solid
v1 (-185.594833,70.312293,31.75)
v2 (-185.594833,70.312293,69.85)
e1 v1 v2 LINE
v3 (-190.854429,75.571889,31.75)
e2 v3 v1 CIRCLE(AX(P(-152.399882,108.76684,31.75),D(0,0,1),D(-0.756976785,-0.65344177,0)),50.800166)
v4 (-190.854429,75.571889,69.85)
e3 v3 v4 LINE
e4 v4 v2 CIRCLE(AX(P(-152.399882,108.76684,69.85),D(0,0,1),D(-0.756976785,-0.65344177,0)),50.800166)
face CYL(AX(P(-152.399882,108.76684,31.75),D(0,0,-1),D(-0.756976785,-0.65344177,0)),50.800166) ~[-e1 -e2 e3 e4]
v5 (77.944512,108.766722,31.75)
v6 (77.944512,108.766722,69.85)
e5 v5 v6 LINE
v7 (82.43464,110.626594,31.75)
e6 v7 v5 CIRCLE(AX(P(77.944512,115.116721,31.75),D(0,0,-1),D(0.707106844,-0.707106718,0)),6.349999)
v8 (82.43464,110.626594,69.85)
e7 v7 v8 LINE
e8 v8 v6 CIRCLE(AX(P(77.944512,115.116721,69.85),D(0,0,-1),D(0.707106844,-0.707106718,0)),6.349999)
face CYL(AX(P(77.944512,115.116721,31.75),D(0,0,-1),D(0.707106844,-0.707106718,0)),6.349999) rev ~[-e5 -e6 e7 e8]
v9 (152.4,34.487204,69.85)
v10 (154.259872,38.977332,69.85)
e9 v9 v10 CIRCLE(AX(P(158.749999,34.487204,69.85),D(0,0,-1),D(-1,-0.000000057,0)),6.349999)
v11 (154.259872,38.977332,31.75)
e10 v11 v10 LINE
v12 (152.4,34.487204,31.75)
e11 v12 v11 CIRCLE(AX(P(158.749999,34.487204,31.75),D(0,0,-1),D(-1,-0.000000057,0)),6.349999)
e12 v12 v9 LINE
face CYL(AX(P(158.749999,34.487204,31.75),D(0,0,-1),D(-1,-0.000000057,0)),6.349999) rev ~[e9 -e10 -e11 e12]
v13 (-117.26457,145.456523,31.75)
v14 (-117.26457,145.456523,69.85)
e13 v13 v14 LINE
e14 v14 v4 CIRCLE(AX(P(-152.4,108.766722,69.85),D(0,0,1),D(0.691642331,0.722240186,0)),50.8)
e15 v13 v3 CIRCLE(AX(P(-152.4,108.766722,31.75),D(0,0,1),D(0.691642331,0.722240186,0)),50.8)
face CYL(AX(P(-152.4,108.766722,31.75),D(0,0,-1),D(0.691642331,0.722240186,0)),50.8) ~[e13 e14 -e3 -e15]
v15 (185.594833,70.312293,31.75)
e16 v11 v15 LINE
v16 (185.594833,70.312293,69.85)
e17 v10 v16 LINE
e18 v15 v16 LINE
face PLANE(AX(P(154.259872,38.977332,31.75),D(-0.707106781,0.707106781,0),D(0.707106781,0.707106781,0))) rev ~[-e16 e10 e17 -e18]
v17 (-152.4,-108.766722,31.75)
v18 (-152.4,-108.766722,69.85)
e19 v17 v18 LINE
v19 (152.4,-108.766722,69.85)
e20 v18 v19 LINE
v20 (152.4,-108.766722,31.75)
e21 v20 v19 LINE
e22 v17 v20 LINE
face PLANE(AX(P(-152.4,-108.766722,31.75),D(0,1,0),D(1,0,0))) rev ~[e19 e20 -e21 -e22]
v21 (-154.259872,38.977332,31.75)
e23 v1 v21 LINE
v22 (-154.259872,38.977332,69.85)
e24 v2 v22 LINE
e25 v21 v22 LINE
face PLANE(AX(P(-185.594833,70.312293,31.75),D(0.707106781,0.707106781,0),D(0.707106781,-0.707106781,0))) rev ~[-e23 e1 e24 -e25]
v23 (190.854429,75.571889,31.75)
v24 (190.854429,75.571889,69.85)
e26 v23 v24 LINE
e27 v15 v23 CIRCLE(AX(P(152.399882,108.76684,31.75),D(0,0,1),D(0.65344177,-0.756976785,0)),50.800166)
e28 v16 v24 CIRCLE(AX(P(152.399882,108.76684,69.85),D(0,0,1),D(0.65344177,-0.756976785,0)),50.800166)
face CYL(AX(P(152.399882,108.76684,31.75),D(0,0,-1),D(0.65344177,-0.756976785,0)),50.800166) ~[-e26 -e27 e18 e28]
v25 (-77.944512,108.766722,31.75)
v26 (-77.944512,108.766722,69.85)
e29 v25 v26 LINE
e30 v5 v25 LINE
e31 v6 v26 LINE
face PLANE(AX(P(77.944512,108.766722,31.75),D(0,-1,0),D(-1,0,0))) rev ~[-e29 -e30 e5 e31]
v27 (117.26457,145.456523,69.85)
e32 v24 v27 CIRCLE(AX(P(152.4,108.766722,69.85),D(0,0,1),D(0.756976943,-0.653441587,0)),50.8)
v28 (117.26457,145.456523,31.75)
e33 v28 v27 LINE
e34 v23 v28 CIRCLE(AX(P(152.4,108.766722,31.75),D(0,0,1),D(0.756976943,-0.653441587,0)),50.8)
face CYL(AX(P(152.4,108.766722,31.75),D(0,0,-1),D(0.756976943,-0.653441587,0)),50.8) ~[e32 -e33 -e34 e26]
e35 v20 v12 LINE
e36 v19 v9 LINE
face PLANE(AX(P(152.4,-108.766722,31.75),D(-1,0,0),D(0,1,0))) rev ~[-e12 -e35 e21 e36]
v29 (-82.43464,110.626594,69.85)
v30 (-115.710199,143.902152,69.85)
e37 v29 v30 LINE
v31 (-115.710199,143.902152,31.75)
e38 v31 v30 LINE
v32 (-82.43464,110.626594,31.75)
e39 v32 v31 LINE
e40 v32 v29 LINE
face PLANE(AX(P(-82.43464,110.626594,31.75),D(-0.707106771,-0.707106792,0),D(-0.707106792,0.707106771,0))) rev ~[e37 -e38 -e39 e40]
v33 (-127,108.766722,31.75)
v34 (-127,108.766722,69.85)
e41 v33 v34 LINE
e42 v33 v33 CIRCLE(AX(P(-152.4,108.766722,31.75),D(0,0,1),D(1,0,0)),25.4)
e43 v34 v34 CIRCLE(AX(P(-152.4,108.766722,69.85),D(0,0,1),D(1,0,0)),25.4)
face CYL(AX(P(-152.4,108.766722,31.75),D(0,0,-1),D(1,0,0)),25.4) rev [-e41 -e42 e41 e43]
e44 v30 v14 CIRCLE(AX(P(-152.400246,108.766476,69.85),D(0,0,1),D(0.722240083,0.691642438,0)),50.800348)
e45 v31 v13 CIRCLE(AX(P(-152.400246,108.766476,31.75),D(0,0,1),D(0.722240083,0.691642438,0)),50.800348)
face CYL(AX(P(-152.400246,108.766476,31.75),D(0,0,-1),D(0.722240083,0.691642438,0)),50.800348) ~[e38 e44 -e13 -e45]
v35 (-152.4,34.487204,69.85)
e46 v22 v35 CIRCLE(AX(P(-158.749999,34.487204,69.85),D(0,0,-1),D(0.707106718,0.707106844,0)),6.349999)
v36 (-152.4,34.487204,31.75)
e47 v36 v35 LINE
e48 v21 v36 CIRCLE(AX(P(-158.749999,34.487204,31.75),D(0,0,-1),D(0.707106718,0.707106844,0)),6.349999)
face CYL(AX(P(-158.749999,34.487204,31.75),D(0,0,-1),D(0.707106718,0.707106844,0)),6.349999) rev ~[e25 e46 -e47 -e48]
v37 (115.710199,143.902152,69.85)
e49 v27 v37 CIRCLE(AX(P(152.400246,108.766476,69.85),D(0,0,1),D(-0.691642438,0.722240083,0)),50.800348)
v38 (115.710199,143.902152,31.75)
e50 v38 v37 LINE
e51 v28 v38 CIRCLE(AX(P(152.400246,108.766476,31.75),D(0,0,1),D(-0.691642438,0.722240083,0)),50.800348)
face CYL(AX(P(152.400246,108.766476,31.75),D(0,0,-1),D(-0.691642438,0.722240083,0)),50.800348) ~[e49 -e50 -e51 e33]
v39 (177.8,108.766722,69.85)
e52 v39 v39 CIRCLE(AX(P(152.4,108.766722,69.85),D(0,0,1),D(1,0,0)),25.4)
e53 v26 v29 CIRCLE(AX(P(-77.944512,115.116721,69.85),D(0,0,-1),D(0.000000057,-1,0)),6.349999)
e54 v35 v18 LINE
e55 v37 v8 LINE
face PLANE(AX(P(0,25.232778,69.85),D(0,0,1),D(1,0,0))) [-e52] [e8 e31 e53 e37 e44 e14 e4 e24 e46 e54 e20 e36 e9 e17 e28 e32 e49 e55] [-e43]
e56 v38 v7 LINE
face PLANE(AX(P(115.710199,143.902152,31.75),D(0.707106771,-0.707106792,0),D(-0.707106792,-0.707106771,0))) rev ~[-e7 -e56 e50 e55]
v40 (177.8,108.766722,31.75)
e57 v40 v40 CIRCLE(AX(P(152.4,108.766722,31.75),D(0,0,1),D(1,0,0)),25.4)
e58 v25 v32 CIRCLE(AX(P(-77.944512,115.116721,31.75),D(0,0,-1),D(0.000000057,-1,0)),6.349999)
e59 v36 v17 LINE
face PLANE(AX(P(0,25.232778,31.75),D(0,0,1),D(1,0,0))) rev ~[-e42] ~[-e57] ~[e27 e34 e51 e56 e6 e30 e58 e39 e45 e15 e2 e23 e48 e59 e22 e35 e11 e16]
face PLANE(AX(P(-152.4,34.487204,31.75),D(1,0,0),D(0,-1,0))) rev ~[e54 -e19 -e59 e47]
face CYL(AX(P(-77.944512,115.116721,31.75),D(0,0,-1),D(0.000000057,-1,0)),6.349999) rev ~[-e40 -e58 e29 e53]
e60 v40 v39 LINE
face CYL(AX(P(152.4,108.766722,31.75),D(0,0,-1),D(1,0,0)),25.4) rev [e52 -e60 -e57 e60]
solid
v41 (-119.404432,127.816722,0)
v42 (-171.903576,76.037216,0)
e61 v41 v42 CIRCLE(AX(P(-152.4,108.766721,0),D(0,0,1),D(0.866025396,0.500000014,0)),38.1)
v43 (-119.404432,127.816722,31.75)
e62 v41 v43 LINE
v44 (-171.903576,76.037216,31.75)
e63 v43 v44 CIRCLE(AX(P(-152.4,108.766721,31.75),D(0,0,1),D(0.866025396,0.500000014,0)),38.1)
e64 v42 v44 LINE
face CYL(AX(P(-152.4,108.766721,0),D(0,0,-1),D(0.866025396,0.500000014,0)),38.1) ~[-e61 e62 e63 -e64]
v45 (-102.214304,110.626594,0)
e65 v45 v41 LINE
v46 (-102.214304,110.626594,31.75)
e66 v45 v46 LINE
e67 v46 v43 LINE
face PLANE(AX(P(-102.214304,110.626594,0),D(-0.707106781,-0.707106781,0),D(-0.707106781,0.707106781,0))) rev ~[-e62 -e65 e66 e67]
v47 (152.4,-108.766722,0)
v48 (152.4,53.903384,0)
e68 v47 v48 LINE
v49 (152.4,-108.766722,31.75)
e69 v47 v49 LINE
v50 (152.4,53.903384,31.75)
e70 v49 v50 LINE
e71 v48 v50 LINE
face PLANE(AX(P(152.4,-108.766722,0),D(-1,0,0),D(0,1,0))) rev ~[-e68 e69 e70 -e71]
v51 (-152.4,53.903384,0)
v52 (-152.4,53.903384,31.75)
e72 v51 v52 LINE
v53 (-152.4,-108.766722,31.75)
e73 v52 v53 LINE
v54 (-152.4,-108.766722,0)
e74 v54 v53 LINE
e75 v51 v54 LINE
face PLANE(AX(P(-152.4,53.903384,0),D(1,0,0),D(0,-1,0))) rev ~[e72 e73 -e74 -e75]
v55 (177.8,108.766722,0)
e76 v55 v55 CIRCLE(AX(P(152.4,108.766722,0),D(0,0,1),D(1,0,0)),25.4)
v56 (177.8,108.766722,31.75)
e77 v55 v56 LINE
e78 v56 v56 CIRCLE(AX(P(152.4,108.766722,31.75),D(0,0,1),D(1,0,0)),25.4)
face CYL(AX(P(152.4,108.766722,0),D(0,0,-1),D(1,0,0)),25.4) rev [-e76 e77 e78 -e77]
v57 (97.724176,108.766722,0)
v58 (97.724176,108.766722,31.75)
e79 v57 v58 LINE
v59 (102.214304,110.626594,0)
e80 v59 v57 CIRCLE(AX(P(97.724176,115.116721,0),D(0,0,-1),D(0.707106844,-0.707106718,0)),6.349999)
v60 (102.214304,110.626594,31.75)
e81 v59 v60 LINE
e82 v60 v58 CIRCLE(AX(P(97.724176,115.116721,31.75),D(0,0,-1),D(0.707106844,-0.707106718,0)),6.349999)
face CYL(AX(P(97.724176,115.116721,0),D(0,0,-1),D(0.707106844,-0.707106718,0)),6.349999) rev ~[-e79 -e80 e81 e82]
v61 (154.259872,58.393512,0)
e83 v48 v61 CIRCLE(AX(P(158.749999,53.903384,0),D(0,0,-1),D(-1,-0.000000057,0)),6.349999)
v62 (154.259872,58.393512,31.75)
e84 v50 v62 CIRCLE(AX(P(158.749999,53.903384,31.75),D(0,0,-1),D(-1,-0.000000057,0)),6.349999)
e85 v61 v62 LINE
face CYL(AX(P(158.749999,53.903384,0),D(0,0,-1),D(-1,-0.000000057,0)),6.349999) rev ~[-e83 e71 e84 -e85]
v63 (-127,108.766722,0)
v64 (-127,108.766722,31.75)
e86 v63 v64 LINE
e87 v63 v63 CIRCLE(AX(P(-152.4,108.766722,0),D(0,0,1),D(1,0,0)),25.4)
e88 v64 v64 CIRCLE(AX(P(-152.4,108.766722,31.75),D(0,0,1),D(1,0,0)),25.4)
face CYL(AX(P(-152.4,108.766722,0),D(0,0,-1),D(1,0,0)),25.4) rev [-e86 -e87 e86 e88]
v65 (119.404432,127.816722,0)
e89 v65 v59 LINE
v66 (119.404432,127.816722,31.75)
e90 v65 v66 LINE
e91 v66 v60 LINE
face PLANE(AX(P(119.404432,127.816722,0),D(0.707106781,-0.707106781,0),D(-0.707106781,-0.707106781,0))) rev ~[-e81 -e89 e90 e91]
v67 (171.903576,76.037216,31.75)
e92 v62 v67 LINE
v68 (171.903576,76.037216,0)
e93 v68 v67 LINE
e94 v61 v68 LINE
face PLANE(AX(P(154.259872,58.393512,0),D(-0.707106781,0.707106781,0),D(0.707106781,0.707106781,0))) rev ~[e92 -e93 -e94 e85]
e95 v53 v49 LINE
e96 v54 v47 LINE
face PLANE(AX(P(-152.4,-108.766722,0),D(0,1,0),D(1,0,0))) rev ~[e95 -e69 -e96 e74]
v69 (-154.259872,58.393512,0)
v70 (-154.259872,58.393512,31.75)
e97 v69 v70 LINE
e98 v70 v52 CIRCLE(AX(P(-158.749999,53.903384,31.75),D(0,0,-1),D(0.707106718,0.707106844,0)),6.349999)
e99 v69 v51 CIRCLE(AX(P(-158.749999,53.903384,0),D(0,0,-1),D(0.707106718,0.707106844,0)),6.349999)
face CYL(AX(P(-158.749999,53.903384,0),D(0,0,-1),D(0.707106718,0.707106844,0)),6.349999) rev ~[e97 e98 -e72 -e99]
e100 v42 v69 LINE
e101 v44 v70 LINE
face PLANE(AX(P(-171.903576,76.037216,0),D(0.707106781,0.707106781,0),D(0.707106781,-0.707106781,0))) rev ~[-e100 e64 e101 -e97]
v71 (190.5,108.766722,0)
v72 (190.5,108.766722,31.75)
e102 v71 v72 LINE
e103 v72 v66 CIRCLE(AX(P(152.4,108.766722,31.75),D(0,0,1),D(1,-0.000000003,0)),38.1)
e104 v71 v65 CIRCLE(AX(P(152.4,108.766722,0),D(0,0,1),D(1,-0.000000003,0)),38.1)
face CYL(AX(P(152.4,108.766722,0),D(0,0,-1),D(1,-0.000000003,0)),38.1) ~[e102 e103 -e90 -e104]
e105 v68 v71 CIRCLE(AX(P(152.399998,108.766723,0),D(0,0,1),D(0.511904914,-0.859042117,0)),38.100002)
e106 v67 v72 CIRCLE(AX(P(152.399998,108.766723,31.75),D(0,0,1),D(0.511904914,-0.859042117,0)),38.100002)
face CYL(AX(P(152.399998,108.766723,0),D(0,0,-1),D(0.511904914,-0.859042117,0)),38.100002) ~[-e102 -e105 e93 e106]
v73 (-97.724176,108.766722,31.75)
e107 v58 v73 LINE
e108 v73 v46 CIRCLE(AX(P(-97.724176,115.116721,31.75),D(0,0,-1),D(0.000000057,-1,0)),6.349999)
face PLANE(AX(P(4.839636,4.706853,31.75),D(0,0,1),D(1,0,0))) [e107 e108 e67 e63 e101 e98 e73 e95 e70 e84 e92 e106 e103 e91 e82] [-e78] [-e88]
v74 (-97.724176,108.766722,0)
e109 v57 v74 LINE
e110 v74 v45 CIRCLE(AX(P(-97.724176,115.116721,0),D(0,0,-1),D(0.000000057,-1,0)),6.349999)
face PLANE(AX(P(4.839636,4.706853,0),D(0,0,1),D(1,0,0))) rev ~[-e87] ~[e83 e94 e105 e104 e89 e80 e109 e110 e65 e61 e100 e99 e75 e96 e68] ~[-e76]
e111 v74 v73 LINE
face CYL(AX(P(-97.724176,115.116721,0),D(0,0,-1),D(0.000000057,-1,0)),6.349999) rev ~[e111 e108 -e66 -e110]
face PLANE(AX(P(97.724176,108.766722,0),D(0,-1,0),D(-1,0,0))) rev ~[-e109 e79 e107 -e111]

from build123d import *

# Parameters (mm, degrees)
F0_R     = 25.4
F1_DEPTH = 31.75
F4_R     = 25.4
F5_DEPTH = 38.1


with BuildPart() as f1:
    # F0 (on Top) → F1 (new body)
    with BuildSketch(Plane.XY):
        with BuildLine():
            Line((-152.4, 53.903384), (-152.4, -108.766722))
            Line((-152.4, -108.766722), (152.4, -108.766722))
            Line((152.4, -108.766722), (152.4, 53.903384))
            ThreePointArc((152.4, 53.903384), (152.883365, 56.333424), (154.259872, 58.393512))
            Line((154.259872, 58.393512), (171.903576, 76.037216))
            ThreePointArc((171.903576, 76.037216), (125.64579, 81.640678), (119.404432, 127.816722))
            Line((119.404432, 127.816722), (102.214304, 110.626594))
            ThreePointArc((102.214304, 110.626594), (100.154216, 109.250087), (97.724176, 108.766722))
            Line((97.724176, 108.766722), (-97.724176, 108.766722))
            ThreePointArc((-97.724176, 108.766722), (-100.154216, 109.250087), (-102.214304, 110.626594))
            Line((-102.214304, 110.626594), (-119.404432, 127.816722))
            ThreePointArc((-119.404432, 127.816722), (-115.598226, 118.627727), (-114.3, 108.766722))
            ThreePointArc((-114.3, 108.766722), (-125.459232, 81.825953), (-152.4, 70.666722))
            Line((-152.4, 70.666722), (-152.4, 53.903384))
        make_face()
        with BuildLine():
            ThreePointArc((-171.903576, 76.037216), (-162.514738, 72.033874), (-152.4, 70.666722))
            ThreePointArc((-152.4, 70.666722), (-125.459232, 81.825953), (-114.3, 108.766722))
            ThreePointArc((-114.3, 108.766722), (-115.598226, 118.627727), (-119.404432, 127.816722))
            ThreePointArc((-119.404432, 127.816722), (-179.15421, 135.892765), (-171.903576, 76.037216))
        make_face()
        with Locations((-152.4, 108.766722)):
            Circle(F0_R, mode=Mode.SUBTRACT)
        with BuildLine():
            ThreePointArc((119.404432, 127.816722), (125.64579, 81.640678), (171.903576, 76.037216))
            ThreePointArc((171.903576, 76.037216), (185.526245, 89.944876), (190.5, 108.766722))
            ThreePointArc((190.5, 108.766722), (162.261006, 145.568496), (119.404432, 127.816722))
        make_face()
        with Locations((152.4, 108.766722)):
            Circle(F0_R, mode=Mode.SUBTRACT)
        with BuildLine():
            ThreePointArc((-154.259872, 58.393512), (-152.883365, 56.333424), (-152.4, 53.903384))
            Line((-152.4, 53.903384), (-152.4, 70.666722))
            ThreePointArc((-152.4, 70.666722), (-162.514738, 72.033874), (-171.903576, 76.037216))
            Line((-171.903576, 76.037216), (-154.259872, 58.393512))
        make_face()
    extrude(amount=F1_DEPTH)


with BuildPart() as f2_1:
    # F2: copy of F1
    add(f1.part)


with BuildPart() as f5:
    # F4 (on face) → F5 (new body)
    with BuildSketch(Plane.XY.offset(31.75)):
        with BuildLine():
            Line((-152.4, -108.766722), (152.4, -108.766722))
            Line((152.4, -108.766722), (152.4, 34.487204))
            ThreePointArc((152.4, 34.487204), (152.883365, 36.917244), (154.259872, 38.977332))
            Line((154.259872, 38.977332), (185.594833, 70.312293))
            Line((185.594833, 70.312293), (190.854429, 75.571889))
            ThreePointArc((190.854429, 75.571889), (187.381702, 145.603124), (117.26457, 145.456523))
            Line((117.26457, 145.456523), (115.710199, 143.902152))
            Line((115.710199, 143.902152), (82.43464, 110.626594))
            ThreePointArc((82.43464, 110.626594), (80.374552, 109.250087), (77.944512, 108.766722))
            Line((77.944512, 108.766722), (-77.944512, 108.766722))
            ThreePointArc((-77.944512, 108.766722), (-80.374552, 109.250087), (-82.43464, 110.626594))
            Line((-82.43464, 110.626594), (-115.710199, 143.902152))
            Line((-115.710199, 143.902152), (-117.26457, 145.456523))
            ThreePointArc((-117.26457, 145.456523), (-187.381702, 145.603124), (-190.854429, 75.571889))
            Line((-190.854429, 75.571889), (-185.594833, 70.312293))
            Line((-185.594833, 70.312293), (-154.259872, 38.977332))
            ThreePointArc((-154.259872, 38.977332), (-152.883365, 36.917244), (-152.4, 34.487204))
            Line((-152.4, 34.487204), (-152.4, -108.766722))
        make_face()
        with Locations((-152.4, 108.766722)):
            Circle(F4_R, mode=Mode.SUBTRACT)
        with Locations((152.4, 108.766722)):
            Circle(F4_R, mode=Mode.SUBTRACT)
        with BuildLine():
            Line((190.854429, 75.571889), (185.594833, 70.312293))
            ThreePointArc((185.594833, 70.312293), (188.321024, 72.845697), (190.854429, 75.571889))
        make_face()
        with BuildLine():
            ThreePointArc((-190.854429, 75.571889), (-188.321024, 72.845697), (-185.594833, 70.312293))
            Line((-185.594833, 70.312293), (-190.854429, 75.571889))
        make_face()
        with BuildLine():
            Line((115.710199, 143.902152), (117.26457, 145.456523))
            ThreePointArc((117.26457, 145.456523), (116.478976, 144.687746), (115.710199, 143.902152))
        make_face()
        with BuildLine():
            ThreePointArc((-115.710199, 143.902152), (-116.478976, 144.687746), (-117.26457, 145.456523))
            Line((-117.26457, 145.456523), (-115.710199, 143.902152))
        make_face()
    extrude(amount=F5_DEPTH)


solid = Compound([f1.part, f5.part])
